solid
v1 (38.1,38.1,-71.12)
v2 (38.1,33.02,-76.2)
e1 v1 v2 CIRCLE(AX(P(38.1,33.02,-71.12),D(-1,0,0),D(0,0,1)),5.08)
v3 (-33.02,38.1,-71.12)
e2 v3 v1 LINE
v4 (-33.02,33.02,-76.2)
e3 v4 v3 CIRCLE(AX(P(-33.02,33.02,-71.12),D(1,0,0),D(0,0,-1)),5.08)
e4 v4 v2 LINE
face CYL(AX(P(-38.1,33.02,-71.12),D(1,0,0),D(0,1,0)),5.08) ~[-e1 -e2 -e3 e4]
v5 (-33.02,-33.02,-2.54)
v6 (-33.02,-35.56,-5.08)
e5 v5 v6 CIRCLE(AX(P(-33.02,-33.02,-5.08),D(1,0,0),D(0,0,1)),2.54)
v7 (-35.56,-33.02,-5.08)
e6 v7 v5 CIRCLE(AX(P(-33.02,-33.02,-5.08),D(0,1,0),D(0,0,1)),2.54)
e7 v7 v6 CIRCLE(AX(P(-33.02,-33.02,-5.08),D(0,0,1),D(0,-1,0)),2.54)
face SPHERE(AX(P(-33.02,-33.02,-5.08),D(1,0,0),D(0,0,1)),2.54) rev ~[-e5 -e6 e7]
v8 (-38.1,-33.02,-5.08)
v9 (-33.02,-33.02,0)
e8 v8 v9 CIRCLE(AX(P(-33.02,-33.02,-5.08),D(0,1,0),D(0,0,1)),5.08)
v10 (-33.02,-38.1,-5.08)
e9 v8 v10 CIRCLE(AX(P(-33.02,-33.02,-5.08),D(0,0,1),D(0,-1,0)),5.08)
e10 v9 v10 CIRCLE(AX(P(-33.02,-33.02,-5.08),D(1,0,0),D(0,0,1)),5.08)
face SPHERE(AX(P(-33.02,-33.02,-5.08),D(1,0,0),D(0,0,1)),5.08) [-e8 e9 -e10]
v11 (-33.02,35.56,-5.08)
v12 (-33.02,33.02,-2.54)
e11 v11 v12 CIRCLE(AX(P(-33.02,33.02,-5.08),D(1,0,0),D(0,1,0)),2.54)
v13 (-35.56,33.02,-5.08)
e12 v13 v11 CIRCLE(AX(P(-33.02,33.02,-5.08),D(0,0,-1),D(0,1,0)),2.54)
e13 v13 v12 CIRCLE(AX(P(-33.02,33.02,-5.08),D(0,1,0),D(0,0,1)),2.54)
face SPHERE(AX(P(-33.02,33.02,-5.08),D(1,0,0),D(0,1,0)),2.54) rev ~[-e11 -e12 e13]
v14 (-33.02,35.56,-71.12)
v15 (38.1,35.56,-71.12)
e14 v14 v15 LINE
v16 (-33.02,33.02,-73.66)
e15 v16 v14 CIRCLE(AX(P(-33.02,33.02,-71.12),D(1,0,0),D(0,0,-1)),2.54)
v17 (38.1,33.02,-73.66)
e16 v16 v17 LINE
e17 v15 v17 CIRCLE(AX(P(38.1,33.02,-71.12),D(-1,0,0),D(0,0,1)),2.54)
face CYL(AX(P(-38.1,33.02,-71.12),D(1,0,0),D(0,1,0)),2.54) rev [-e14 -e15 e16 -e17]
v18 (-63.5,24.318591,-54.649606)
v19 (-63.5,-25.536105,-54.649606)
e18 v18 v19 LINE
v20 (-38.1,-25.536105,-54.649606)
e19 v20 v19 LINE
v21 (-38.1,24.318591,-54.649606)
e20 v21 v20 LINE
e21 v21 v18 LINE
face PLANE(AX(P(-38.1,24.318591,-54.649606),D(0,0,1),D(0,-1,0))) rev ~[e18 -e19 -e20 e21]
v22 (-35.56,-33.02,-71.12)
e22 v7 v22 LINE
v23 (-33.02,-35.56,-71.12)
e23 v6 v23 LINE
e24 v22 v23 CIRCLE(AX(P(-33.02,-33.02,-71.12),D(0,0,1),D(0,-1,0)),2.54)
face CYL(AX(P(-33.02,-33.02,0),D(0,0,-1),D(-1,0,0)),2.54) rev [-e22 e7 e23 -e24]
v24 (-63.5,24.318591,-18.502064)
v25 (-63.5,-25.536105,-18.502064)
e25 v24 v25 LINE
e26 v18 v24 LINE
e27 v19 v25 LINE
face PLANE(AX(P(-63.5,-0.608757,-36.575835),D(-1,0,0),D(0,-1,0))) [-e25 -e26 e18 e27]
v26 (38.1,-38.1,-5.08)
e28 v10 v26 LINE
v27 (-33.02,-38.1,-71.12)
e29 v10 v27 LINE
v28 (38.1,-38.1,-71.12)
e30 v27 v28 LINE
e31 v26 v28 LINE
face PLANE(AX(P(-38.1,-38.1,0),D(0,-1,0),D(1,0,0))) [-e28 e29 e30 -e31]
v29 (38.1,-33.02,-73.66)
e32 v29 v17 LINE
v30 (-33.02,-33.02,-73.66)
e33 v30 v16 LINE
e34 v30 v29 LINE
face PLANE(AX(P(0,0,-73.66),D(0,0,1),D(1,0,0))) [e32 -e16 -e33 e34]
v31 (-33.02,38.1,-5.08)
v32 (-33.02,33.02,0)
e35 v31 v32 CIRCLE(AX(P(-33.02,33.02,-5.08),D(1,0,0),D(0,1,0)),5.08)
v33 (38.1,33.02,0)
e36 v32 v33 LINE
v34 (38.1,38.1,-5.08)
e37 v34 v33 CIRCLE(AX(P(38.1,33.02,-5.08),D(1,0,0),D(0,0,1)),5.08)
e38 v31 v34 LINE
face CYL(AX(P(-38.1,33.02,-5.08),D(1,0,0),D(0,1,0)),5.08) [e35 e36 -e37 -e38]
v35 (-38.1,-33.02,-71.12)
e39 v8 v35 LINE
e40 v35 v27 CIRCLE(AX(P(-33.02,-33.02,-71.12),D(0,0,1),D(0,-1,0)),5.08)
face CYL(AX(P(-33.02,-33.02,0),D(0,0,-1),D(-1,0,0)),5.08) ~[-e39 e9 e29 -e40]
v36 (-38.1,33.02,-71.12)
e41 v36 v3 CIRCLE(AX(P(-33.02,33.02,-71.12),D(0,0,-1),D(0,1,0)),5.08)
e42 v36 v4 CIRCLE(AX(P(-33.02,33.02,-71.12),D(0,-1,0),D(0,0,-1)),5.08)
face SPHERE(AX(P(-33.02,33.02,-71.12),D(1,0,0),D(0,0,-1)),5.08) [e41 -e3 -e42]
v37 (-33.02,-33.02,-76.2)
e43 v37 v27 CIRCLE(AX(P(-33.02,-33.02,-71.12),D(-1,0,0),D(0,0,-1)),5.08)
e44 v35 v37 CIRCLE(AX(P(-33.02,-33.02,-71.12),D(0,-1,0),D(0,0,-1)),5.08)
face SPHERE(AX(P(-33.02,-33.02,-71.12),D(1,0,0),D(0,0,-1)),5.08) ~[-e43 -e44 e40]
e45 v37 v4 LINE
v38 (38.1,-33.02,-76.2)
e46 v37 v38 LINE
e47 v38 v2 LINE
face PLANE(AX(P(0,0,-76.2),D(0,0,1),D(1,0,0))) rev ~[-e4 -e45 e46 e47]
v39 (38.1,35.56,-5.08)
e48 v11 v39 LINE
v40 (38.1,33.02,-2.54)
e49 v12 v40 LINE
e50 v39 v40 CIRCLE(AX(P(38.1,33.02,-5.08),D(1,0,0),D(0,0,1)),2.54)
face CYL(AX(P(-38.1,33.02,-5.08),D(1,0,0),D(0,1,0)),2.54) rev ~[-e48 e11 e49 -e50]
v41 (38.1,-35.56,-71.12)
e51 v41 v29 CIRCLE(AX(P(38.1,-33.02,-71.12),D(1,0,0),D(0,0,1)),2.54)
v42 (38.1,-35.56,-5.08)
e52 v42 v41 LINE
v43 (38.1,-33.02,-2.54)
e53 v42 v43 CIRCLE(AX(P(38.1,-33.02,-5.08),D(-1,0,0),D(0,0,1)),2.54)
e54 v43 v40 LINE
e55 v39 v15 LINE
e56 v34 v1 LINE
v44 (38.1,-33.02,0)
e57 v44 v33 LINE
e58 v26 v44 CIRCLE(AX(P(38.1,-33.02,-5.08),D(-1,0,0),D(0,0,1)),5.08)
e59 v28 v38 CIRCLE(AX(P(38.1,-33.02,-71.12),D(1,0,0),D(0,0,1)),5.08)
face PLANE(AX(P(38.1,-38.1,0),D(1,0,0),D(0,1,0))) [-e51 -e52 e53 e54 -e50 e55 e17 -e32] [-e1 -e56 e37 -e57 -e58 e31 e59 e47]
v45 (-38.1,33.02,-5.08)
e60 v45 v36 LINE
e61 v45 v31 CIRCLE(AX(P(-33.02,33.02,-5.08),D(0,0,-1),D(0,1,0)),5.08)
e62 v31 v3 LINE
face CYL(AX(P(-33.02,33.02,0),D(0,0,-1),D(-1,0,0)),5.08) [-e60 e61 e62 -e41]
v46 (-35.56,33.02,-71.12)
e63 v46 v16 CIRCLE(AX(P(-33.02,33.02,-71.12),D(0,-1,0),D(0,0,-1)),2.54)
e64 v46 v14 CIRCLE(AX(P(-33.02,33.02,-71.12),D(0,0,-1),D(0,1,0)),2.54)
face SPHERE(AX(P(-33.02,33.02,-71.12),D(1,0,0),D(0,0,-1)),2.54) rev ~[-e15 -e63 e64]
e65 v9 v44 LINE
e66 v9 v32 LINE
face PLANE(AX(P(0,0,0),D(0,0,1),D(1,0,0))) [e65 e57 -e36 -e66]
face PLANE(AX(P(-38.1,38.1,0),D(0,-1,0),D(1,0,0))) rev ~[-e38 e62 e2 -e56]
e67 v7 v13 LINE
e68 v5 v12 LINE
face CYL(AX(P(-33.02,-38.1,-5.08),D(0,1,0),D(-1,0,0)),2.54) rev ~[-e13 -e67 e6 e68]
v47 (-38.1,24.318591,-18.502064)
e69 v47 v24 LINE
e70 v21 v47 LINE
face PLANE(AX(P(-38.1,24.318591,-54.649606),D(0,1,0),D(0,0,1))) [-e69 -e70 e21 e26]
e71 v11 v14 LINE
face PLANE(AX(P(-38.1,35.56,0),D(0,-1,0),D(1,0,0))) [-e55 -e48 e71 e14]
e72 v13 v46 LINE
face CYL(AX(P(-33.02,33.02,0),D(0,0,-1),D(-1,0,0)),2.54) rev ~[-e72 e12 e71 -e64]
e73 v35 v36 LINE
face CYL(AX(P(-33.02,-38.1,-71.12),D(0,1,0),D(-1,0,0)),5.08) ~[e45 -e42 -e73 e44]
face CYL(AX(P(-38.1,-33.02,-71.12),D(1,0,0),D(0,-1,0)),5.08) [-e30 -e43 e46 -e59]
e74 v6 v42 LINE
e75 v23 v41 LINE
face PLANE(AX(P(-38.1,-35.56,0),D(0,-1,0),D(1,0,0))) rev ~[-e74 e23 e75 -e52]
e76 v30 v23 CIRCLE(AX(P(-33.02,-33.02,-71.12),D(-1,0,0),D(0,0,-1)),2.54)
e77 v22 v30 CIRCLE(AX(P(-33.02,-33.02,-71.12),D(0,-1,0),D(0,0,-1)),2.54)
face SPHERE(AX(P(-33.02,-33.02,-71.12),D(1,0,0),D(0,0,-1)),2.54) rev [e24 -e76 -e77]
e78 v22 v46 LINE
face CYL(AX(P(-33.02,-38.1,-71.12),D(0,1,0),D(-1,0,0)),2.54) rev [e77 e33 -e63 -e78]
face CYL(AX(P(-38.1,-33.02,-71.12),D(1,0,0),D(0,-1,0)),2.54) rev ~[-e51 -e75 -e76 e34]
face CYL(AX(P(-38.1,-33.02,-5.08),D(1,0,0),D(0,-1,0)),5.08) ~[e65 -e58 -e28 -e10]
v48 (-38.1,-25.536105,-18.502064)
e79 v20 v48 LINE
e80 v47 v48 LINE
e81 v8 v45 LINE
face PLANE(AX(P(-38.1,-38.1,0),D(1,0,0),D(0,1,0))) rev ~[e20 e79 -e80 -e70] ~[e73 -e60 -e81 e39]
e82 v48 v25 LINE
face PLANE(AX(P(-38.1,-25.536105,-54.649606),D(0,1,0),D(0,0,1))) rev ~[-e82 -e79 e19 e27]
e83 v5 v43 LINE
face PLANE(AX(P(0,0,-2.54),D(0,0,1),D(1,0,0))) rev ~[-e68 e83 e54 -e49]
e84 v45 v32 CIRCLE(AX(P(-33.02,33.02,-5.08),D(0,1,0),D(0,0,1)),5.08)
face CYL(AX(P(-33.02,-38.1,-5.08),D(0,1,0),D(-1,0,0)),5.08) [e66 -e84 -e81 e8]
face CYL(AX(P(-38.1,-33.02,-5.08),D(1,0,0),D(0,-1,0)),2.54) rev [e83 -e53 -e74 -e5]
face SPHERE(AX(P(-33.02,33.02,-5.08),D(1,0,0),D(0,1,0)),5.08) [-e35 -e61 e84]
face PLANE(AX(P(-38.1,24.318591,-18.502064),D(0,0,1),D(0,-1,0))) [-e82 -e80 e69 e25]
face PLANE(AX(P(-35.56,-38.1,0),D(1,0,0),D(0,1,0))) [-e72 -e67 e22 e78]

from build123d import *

# Parameters (mm, degrees)
F0_W     = 76.2
F0_H     = 76.2
F1_DEPTH = 76.2
F2_R     = 5.08
F3_T     = -2.54
F4_W     = 49.854696
F4_H     = 36.147542
F5_DEPTH = 25.4


with BuildPart() as f1:
    # F0 (on Top) → F1 (new body)
    with BuildSketch(Plane.XY):
        Rectangle(F0_W, F0_H)
    extrude(amount=-F1_DEPTH)

    # F2
    f2_edges = [f1.edges().sort_by_distance(p)[0] for p in [
        (0, -38.1, 0),
        (0, 38.1, 0),
        (0, -38.1, -76.2),
        (0, 38.1, -76.2),
        (-38.1, 0, -76.2),
        (-38.1, 38.1, -38.1),
        (-38.1, 0, 0),
        (-38.1, -38.1, -38.1),
    ]]
    fillet(f2_edges, radius=F2_R)

    # F3
    f3_openings = [f1.faces().sort_by_distance(p)[0] for p in [
        (38.1, 0, -38.1),
    ]]
    offset(amount=F3_T, openings=f3_openings)

    # F4 (on face) → F5 (join)
    with BuildSketch(Plane(origin=(-38.1, 0, 0), x_dir=(0, -1, 0), z_dir=(-1, 0, 0))):
        with Locations((0.608757, -36.575835)):
            Rectangle(F4_W, F4_H)
    extrude(amount=F5_DEPTH)


solid = f1.part
